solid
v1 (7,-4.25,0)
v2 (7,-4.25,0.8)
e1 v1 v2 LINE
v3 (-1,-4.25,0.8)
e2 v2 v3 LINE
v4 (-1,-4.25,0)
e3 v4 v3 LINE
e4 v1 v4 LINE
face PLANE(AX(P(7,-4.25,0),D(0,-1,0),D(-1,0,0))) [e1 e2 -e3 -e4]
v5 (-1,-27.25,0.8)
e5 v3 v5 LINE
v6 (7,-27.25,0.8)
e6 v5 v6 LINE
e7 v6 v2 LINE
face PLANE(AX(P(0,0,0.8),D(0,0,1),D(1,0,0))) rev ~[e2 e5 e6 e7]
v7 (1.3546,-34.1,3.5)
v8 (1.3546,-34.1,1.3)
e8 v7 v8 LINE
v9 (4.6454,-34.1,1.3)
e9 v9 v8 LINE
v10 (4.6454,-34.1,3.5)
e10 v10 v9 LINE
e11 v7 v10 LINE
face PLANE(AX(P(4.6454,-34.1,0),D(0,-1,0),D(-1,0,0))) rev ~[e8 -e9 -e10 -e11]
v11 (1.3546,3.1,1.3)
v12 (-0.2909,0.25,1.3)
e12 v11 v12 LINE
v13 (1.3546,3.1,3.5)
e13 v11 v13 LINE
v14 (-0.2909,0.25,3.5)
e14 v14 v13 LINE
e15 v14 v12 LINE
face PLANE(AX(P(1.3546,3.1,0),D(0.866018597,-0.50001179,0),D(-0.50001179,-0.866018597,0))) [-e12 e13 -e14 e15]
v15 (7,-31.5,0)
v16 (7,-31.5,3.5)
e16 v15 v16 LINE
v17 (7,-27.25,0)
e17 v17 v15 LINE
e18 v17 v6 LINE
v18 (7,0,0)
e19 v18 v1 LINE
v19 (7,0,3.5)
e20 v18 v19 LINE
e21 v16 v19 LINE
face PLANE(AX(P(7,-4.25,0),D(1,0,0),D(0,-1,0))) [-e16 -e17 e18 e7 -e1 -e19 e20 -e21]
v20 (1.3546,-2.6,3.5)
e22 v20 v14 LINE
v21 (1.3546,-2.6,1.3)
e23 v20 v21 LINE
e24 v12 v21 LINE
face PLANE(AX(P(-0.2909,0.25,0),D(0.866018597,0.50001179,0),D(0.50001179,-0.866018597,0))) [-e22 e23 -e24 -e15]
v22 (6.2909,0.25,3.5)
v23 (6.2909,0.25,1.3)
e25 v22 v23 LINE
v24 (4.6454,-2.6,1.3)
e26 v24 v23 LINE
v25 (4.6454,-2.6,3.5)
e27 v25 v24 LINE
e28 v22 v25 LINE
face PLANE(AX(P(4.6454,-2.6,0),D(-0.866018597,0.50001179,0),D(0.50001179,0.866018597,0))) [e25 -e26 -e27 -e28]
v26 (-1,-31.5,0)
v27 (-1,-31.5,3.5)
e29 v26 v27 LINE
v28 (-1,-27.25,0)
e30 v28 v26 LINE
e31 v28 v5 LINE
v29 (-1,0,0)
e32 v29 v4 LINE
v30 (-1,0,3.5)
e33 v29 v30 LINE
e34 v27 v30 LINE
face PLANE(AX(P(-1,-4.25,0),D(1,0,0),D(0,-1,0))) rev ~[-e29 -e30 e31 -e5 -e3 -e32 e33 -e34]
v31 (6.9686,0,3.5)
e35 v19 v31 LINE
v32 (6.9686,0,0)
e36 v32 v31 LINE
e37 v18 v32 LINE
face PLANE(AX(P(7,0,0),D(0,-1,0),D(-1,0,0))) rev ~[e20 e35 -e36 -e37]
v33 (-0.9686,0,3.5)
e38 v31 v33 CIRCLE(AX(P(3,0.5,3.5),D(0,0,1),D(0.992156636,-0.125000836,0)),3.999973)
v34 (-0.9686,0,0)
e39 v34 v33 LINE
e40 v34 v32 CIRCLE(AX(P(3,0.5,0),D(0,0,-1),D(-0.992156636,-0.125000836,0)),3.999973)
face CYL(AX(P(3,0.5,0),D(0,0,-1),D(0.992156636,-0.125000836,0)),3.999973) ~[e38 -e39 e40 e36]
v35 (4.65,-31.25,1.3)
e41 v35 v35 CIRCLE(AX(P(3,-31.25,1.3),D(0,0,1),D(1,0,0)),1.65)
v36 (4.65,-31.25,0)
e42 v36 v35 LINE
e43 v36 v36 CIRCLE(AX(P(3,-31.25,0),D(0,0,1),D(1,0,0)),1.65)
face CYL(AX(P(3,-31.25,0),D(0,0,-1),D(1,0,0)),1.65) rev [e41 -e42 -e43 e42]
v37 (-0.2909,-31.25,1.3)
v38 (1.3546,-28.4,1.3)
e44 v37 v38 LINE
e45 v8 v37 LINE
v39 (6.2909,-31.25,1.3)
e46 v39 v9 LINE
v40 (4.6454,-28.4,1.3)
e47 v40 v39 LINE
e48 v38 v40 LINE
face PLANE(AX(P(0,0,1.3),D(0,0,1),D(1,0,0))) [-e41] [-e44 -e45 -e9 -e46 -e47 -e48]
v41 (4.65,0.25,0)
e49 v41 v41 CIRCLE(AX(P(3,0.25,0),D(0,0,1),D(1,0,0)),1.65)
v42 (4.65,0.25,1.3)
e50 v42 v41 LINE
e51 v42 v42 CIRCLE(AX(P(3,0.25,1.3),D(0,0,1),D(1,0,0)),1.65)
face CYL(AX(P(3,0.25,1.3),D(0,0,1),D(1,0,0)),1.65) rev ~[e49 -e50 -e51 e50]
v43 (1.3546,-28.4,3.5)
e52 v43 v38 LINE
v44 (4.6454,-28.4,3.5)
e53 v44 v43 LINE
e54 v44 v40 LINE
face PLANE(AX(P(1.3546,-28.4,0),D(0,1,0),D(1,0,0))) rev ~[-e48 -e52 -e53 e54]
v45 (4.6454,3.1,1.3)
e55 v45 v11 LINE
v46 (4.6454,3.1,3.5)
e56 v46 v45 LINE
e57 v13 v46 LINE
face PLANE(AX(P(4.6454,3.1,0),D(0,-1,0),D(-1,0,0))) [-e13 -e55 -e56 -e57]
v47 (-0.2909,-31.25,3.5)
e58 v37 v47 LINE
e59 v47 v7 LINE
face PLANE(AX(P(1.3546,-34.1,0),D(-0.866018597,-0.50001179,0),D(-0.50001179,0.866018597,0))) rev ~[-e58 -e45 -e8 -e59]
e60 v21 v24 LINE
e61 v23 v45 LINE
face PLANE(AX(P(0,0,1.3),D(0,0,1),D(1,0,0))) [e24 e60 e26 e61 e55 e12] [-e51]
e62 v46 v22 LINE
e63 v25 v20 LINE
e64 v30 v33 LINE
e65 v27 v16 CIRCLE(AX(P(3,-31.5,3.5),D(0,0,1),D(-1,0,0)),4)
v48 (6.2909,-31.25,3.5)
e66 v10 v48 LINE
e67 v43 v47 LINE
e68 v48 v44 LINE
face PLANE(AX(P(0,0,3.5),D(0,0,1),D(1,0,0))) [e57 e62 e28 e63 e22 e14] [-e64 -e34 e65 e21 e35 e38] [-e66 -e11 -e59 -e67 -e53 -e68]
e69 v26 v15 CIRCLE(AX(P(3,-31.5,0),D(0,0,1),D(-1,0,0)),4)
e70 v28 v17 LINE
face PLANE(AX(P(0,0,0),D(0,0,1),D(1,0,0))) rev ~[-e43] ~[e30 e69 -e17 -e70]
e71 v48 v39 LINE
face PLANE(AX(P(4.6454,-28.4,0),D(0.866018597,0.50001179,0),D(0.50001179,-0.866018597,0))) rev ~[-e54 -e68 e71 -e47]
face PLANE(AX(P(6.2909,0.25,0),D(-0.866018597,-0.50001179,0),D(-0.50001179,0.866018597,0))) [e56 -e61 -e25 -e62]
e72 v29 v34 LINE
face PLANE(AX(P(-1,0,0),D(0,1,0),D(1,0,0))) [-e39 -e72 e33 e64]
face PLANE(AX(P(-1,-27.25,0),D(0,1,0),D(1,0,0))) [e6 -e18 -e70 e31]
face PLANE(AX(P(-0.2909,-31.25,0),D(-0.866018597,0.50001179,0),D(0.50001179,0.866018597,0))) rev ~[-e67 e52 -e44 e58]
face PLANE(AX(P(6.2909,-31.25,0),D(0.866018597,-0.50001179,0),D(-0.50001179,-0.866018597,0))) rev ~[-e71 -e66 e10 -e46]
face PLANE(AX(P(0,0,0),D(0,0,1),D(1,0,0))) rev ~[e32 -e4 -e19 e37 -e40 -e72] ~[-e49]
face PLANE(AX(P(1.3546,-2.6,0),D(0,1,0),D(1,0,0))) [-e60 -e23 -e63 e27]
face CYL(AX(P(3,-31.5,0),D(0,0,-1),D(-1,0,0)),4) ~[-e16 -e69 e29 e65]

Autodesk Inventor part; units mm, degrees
ref_plane "YZ Plane" through (0, 0, 0) normal (1, 0, 0) x (0, 1, 0)
ref_plane "XZ Plane" through (0, 0, 0) normal (0, 1, 0) x (-1, 0, 0)
ref_plane "XY Plane" through (0, 0, 0) normal (0, 0, 1) x (1, 0, 0)
sketch "Эскиз1" plane through (0, 0, 0) normal (0, 0, 1) x (1, 0, 0)
  line L0 (-7.5, -27.25) -> (-4, -27.25) projected
  line L1 (-4, -27.25) -> (-4, -32.25) projected
  line L2 (-4, -32.25) -> (-1.5, -32.25) projected
  line L3 (-1.5, -32.25) -> (-1.5, -27.25) projected
  line L4 (-1.5, -27.25) -> (7.5, -27.25) projected
  line L5 (7.5, -4.25) -> (7.5, -27.25) projected
  line L6 (7.5, -4.25) -> (-1.5, -4.25) projected
  line L7 (-1.5, -4.25) -> (-1.5, 0.75) projected
  line L8 (-1.5, 0.75) -> (-4, 0.75) projected
  line L9 (-4, 0.75) -> (-4, -4.25) projected
  line L10 (-4, -4.25) -> (-7.5, -4.25) projected
  line L11 (-7.5, -27.25) -> (-7.5, -4.25) projected
  line L12 (7.5, 0) -> (6.75, 0)
  line L13 (7, 0) -> (7, -31.5)
  line L14 (-1, 0) -> (3, 0)
  arc A0 (-1, -31.5) -> (7, -31.5) centre (3, -31.5) ccw
  line L15 (-1, 0) -> (-1, -31.5)
  line L16 (7, 0) -> (7, 0.5)
  line L17 (-1, 0) -> (-1, 0.5)
  arc A1 (6.9686, 0) -> (-0.9686, 0) centre (3, 0.5) ccw
  line L18 (-1, 0) -> (-0.9686, 0)
  line L19 (6.9686, 0) -> (7, 0)
  point P0 (0, 0)
  point P1 (6.9686, 0)
  dimension "d15" = 4
  dimension "d25" = 31.5
  dimension "d26" = 0.5
  dimension "d27" = 0.5
extrude "Выдавливание1" add sketch "Эскиз1" along normal blind 3.5 contours L15 L6 L13 L4 | L4 L13 A0 L15 | L15 L14 A1 L12 L13 L6
sketch "Эскиз2" plane through (0, 0, 3.5) normal (0, 0, 1) x (1, 0, 0)
  line L0 (-7.5, -27.25) -> (-4, -27.25) projected
  line L1 (-4, -27.25) -> (-4, -32.25) projected
  line L2 (-4, -32.25) -> (-1.5, -32.25) projected
  line L3 (-1.5, -32.25) -> (-1.5, -27.25) projected
  line L4 (-1.5, -27.25) -> (7.5, -27.25) projected
  line L5 (7.5, -4.25) -> (7.5, -27.25) projected
  line L6 (7.5, -4.25) -> (-1.5, -4.25) projected
  line L7 (-1.5, -4.25) -> (-1.5, 0.75) projected
  line L8 (-1.5, 0.75) -> (-4, 0.75) projected
  line L9 (-4, 0.75) -> (-4, -4.25) projected
  line L10 (-4, -4.25) -> (-7.5, -4.25) projected
  line L11 (-7.5, -27.25) -> (-7.5, -4.25) projected
  line L12 (-1.5, -4.25) -> (7.5, -4.25)
  line L13 (7, -31.5) -> (7, 0) projected
  point P0 (0, 0)
sketch "Эскиз4" plane through (0, 0, 0) normal (0, 0, 1) x (1, 0, 0)
  line L0 (-0.2909, -31.25) -> (1.3546, -28.4) projected
  line L1 (1.3546, -28.4) -> (4.6454, -28.4) projected
  line L2 (4.6454, -28.4) -> (6.2909, -31.25) projected
  line L3 (6.2909, -31.25) -> (4.6454, -34.1) projected
  line L4 (4.6454, -34.1) -> (1.3546, -34.1) projected
  line L5 (1.3546, -34.1) -> (-0.2909, -31.25) projected
  arc A0 (-1, -31.5) -> (7, -31.5) centre (3, -31.5) ccw projected
  line L6 (-0.2909, 0.25) -> (1.3546, -2.6)
  line L7 (1.3546, -2.6) -> (4.6454, -2.6)
  line L8 (4.6454, -2.6) -> (6.2909, 0.25)
  line L9 (6.2909, 0.25) -> (4.6454, 3.1)
  line L10 (4.6454, 3.1) -> (1.3546, 3.1)
  line L11 (1.3546, 3.1) -> (-0.2909, 0.25)
  circle A1 centre (3, -31.25) radius 1.65
  circle A2 centre (3, 0.25) radius 1.65
  point P0 (0, 0)
sketch "Эскиз5" plane through (0, 0, 0) normal (0, 0, 1) x (1, 0, 0)
  circle A0 centre (3, 0.25) radius 1.65 projected
  circle A1 centre (3, -31.25) radius 1.65 projected
  line L0 (-1, 0) -> (-1, -31.5) projected
  arc A2 (-1, -31.5) -> (7, -31.5) centre (3, -31.5) ccw projected
  line L1 (7, -31.5) -> (7, 0) projected
  line L2 (6.2909, -31.25) -> (4.6454, -34.1) projected
  line L3 (4.6454, -34.1) -> (1.3546, -34.1) projected
  line L4 (1.3546, -34.1) -> (-0.2909, -31.25) projected
  line L5 (4.6454, -34.1) -> (1.3546, -34.1) projected
  line L6 (6.2909, -31.25) -> (4.6454, -34.1) projected
  line L7 (4.6454, -28.4) -> (6.2909, -31.25) projected
  line L8 (1.3546, -28.4) -> (4.6454, -28.4) projected
  line L9 (-0.2909, -31.25) -> (1.3546, -28.4) projected
  circle A3 centre (3, -31.25) radius 1.65
  line L10 (3, -15.75) -> (0.5318, -15.75)
  line L11 (7, 0) -> (6.9686, 0) projected
  arc A4 (6.9686, 0) -> (-0.9686, 0) centre (3, 0.5) ccw projected
  line L12 (-0.9686, 0) -> (-1, 0) projected
  point P0 (0, 0)
  dimension "d24" = 3.3
extrude "Выдавливание5" cut sketch "Эскиз5" along normal through all contours A0 | A1
sketch "Эскиз6" plane through (0, 0, 0) normal (0, 0, 1) x (1, 0, 0)
  line L0 (7.5, -4.25) -> (-1.5, -4.25) projected
  line L1 (-1.5, -27.25) -> (7.5, -27.25) projected
  line L2 (-1, 0) -> (-1, -31.5) projected
  line L3 (7, -31.5) -> (7, 0) projected
  line L4 (-1, -4.25) -> (7, -4.25)
  line L5 (7, -4.25) -> (7, -27.25)
  line L6 (7, -27.25) -> (-1, -27.25)
  line L7 (-1, -27.25) -> (-1, -4.25)
  point P0 (0, 0)
  point P1 (-1, -27.25)
extrude "Выдавливание6" cut sketch "Эскиз6" along normal blind 0.8
extrude "Выдавливание7" cut sketch "Эскиз4" along normal through all contours L0 L1 L2 L3 L4 L5 | L11 L10 L9 L8 L7 L6 | A1 | A2
sketch "Эскиз7" plane through (0, 0, 3.5) normal (0, 0, 1) x (1, 0, 0)
  line L0 (-0.2909, -31.25) -> (1.3546, -28.4) projected
  line L1 (1.3546, -28.4) -> (4.6454, -28.4) projected
  line L2 (1.3546, -34.1) -> (-0.2909, -31.25) projected
  line L3 (4.6454, -28.4) -> (6.2909, -31.25) projected
  line L4 (6.2909, -31.25) -> (4.6454, -34.1) projected
  line L5 (4.6454, -34.1) -> (1.3546, -34.1) projected
  line L6 (-1, -4.25) -> (-1, -27.25) projected
  line L7 (7, -27.25) -> (7, -4.25) projected
  line L8 (-1, -27.25) -> (-1, -15.5)
  line L9 (-1, 0) -> (-1, -31.5) projected
  line L10 (-1, -15.5) -> (4.3528, -15.5)
  line L11 (-0.2909, 0.25) -> (1.3546, -2.6)
  line L12 (1.3546, -2.6) -> (4.6454, -2.6)
  line L13 (1.3546, 3.1) -> (-0.2909, 0.25)
  line L14 (4.6454, -2.6) -> (6.2909, 0.25)
  line L15 (6.2909, 0.25) -> (4.6454, 3.1)
  line L16 (4.6454, 3.1) -> (1.3546, 3.1)
  point P0 (-1, 0.5)
  dimension "d31" = 11.75
extrude "Выдавливание8" cut sketch "Эскиз7" against normal blind 2.2
extrude "Выдавливание9" add sketch "Эскиз4" along normal blind 1.3 contours L0 L1 L2 L3 L4 L5 | L11 L10 L9 L8 L7 L6 | A2
sketch "Эскиз8" plane through (0, 0, 1.3) normal (0, 0, 1) x (1, 0, 0)
  circle A0 centre (3, 0.25) radius 1.65 projected
  point P0 (0, 0)
extrude "Выдавливание10" cut sketch "Эскиз8" against normal through all
properties part number "крышка_держалка_серво_брови"
